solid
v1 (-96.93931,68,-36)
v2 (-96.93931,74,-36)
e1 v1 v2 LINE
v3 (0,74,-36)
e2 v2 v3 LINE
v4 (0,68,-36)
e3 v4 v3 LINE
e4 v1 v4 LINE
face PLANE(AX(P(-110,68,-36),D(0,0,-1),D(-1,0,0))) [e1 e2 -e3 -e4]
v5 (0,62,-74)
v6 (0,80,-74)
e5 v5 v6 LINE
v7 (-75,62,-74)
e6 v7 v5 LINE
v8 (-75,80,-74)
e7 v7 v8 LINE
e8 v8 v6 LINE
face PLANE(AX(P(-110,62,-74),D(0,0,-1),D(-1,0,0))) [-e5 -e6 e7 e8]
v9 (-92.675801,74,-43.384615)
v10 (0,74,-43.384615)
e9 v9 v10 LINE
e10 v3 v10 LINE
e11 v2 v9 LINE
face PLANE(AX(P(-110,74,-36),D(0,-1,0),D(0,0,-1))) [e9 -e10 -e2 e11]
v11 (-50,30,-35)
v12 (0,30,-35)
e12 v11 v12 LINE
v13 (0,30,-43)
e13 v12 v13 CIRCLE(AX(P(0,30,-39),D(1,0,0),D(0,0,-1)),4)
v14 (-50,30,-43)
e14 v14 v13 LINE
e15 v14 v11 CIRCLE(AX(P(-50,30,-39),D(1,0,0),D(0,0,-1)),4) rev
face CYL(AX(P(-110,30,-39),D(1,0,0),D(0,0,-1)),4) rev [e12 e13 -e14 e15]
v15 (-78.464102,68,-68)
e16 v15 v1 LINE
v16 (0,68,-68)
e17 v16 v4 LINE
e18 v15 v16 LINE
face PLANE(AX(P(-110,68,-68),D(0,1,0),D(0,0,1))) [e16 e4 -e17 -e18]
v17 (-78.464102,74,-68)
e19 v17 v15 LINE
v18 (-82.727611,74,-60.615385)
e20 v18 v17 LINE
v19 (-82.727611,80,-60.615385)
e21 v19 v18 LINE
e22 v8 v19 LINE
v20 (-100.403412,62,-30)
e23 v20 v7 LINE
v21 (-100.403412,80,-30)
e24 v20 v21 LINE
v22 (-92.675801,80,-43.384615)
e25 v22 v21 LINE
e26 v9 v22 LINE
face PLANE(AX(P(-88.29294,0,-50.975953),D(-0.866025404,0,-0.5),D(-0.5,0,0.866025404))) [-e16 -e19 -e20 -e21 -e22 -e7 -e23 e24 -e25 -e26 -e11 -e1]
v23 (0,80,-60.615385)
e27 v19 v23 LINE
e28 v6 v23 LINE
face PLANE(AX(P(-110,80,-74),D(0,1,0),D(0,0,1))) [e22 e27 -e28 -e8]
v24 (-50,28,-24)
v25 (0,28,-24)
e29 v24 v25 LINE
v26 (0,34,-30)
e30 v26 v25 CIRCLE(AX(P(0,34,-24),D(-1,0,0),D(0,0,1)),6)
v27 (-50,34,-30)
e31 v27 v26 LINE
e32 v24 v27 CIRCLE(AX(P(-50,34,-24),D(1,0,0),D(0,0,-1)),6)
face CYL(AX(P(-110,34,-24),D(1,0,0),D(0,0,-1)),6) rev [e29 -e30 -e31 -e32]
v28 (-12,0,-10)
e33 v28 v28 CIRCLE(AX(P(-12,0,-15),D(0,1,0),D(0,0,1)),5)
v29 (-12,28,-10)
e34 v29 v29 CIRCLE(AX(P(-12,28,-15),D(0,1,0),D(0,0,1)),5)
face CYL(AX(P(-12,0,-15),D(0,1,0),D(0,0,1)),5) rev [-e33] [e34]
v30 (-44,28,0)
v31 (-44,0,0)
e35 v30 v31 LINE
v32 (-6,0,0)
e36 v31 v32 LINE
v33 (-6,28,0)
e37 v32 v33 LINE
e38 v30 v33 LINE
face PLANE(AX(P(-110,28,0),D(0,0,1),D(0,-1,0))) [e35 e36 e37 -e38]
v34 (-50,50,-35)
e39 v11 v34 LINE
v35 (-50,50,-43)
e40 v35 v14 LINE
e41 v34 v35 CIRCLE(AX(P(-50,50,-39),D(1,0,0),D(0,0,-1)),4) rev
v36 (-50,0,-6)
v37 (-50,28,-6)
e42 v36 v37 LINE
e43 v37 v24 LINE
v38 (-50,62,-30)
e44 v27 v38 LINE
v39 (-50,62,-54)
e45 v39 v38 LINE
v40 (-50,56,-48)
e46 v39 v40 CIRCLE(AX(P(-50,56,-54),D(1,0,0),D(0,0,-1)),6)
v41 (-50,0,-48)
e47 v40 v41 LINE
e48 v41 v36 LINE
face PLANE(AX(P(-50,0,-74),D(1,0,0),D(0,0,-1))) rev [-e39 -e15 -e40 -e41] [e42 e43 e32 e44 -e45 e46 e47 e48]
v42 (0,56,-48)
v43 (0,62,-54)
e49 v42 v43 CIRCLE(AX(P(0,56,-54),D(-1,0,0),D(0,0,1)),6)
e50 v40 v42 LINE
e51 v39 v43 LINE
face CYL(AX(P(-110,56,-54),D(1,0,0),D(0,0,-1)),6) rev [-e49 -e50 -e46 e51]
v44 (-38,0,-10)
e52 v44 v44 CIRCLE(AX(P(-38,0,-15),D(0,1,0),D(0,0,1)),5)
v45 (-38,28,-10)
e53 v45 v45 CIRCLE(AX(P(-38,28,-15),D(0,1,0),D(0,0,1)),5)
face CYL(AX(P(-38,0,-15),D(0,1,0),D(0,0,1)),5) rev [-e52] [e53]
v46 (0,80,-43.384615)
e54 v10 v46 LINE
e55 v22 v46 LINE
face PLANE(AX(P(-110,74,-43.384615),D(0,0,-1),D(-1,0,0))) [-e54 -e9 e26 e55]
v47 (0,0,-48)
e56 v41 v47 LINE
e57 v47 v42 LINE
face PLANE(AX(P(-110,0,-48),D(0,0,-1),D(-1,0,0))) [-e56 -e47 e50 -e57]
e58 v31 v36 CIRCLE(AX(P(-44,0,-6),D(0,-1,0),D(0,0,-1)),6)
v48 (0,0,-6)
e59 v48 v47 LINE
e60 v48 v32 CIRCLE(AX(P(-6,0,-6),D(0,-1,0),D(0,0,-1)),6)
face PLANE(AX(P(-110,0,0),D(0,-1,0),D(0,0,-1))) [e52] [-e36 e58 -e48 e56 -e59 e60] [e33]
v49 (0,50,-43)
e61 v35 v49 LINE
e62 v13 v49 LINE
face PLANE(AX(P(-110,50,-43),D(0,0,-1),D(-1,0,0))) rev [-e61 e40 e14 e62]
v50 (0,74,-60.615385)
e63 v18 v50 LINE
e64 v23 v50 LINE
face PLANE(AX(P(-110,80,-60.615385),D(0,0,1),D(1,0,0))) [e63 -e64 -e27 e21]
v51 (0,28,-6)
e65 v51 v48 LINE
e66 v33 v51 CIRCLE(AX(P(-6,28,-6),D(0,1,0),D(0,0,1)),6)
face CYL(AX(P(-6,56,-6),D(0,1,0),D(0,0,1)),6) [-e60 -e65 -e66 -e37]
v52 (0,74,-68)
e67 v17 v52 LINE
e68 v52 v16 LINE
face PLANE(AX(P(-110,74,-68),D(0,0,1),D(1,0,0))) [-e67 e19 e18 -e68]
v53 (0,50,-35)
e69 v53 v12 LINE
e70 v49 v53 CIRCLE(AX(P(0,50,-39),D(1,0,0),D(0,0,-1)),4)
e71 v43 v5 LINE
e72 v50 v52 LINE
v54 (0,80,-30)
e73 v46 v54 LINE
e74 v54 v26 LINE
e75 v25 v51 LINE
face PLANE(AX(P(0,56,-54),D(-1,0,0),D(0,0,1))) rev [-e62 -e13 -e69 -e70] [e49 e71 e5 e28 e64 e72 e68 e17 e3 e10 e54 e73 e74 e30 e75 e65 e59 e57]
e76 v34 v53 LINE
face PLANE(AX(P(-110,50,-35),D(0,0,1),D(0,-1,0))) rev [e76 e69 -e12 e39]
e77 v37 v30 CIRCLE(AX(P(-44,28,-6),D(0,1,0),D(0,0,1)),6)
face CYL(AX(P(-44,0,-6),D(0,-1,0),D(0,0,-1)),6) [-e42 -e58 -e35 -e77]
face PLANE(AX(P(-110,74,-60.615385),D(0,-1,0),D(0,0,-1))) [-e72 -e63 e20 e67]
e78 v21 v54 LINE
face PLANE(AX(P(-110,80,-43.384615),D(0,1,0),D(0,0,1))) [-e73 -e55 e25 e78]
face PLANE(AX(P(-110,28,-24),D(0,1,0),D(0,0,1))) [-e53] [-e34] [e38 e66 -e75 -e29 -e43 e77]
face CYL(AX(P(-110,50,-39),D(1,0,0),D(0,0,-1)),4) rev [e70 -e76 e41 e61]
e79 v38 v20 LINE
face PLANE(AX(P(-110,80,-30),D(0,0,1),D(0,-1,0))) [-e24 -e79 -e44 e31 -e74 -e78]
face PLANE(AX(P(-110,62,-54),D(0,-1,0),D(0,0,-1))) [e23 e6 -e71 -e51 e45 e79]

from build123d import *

# Parameters (mm, degrees)
BOSS_EXTRUDE1_DEPTH = 110
CUT_EXTRUDE1_DEPTH  = 155.841854807
SKETCH3_W           = 74.760259453
SKETCH3_H           = 62
CUT_EXTRUDE2_DEPTH  = 155.841854807
SKETCH4_R           = 5
CUT_EXTRUDE3_DEPTH  = 136.132694452
FILLET1_R           = 6


with BuildPart() as part:
    # Sketch1 → Boss-Extrude1 (new body)
    with BuildSketch(Plane(origin=(0, 0, 0), x_dir=(0, 0, -1), z_dir=(1, 0, 0))):
        with BuildLine():
            Line((0, 0), (48, 0))
            Line((48, 0), (48, 56))
            ThreePointArc((48, 56), (49.757359313, 60.242640687), (54, 62))
            Line((54, 62), (74, 62))
            Line((74, 62), (74, 80))
            Line((74, 80), (60.615384615, 80))
            Line((60.615384615, 80), (60.615384615, 74))
            Line((60.615384615, 74), (68, 74))
            Line((68, 74), (68, 68))
            Line((68, 68), (36, 68))
            Line((36, 68), (36, 74))
            Line((36, 74), (43.384615385, 74))
            Line((43.384615385, 74), (43.384615385, 80))
            Line((43.384615385, 80), (30, 80))
            Line((30, 80), (30, 34))
            ThreePointArc((30, 34), (28.242640687, 29.757359313), (24, 28))
            Line((24, 28), (0, 28))
            Line((0, 28), (0, 0))
        make_face()
        with BuildLine():
            Line((43, 50), (43, 30))
            ThreePointArc((43, 30), (39, 26), (35, 30))
            Line((35, 30), (35, 50))
            ThreePointArc((35, 50), (39, 54), (43, 50))
        make_face(mode=Mode.SUBTRACT)
    extrude(amount=-BOSS_EXTRUDE1_DEPTH)

    # Sketch2 → Cut-Extrude1 (cut, through all)
    with BuildSketch(Plane(origin=(0, 80, 0), x_dir=(1, 0, 0), z_dir=(0, 1, 0))):
        Polygon((-110, 74), (-110, 13.378221735), (-75, 74), align=None)
    extrude(amount=-CUT_EXTRUDE1_DEPTH, mode=Mode.SUBTRACT)

    # Sketch3 → Cut-Extrude2 (cut, through all)
    with BuildSketch(Plane.XY):
        with Locations((-87.380129727, 31)):
            Rectangle(SKETCH3_W, SKETCH3_H)
    extrude(amount=-CUT_EXTRUDE2_DEPTH, mode=Mode.SUBTRACT)

    # Sketch4 → Cut-Extrude3 (cut, through all)
    with BuildSketch(Plane(origin=(0, 28, 0), x_dir=(1, 0, 0), z_dir=(0, 1, 0))):
        with Locations(Location((-38, 15, 0), (0, 0, 270))):
            Circle(SKETCH4_R)
        with Locations(Location((-12, 15, 0), (0, 0, 270))):
            Circle(SKETCH4_R)
    extrude(amount=-CUT_EXTRUDE3_DEPTH, mode=Mode.SUBTRACT)

    # Fillet1
    fillet1_edges = [part.edges().sort_by_distance(p)[0] for p in [
        (-50, 14, 0),
        (0, 14, 0),
    ]]
    fillet(fillet1_edges, radius=FILLET1_R)


solid = part.part
